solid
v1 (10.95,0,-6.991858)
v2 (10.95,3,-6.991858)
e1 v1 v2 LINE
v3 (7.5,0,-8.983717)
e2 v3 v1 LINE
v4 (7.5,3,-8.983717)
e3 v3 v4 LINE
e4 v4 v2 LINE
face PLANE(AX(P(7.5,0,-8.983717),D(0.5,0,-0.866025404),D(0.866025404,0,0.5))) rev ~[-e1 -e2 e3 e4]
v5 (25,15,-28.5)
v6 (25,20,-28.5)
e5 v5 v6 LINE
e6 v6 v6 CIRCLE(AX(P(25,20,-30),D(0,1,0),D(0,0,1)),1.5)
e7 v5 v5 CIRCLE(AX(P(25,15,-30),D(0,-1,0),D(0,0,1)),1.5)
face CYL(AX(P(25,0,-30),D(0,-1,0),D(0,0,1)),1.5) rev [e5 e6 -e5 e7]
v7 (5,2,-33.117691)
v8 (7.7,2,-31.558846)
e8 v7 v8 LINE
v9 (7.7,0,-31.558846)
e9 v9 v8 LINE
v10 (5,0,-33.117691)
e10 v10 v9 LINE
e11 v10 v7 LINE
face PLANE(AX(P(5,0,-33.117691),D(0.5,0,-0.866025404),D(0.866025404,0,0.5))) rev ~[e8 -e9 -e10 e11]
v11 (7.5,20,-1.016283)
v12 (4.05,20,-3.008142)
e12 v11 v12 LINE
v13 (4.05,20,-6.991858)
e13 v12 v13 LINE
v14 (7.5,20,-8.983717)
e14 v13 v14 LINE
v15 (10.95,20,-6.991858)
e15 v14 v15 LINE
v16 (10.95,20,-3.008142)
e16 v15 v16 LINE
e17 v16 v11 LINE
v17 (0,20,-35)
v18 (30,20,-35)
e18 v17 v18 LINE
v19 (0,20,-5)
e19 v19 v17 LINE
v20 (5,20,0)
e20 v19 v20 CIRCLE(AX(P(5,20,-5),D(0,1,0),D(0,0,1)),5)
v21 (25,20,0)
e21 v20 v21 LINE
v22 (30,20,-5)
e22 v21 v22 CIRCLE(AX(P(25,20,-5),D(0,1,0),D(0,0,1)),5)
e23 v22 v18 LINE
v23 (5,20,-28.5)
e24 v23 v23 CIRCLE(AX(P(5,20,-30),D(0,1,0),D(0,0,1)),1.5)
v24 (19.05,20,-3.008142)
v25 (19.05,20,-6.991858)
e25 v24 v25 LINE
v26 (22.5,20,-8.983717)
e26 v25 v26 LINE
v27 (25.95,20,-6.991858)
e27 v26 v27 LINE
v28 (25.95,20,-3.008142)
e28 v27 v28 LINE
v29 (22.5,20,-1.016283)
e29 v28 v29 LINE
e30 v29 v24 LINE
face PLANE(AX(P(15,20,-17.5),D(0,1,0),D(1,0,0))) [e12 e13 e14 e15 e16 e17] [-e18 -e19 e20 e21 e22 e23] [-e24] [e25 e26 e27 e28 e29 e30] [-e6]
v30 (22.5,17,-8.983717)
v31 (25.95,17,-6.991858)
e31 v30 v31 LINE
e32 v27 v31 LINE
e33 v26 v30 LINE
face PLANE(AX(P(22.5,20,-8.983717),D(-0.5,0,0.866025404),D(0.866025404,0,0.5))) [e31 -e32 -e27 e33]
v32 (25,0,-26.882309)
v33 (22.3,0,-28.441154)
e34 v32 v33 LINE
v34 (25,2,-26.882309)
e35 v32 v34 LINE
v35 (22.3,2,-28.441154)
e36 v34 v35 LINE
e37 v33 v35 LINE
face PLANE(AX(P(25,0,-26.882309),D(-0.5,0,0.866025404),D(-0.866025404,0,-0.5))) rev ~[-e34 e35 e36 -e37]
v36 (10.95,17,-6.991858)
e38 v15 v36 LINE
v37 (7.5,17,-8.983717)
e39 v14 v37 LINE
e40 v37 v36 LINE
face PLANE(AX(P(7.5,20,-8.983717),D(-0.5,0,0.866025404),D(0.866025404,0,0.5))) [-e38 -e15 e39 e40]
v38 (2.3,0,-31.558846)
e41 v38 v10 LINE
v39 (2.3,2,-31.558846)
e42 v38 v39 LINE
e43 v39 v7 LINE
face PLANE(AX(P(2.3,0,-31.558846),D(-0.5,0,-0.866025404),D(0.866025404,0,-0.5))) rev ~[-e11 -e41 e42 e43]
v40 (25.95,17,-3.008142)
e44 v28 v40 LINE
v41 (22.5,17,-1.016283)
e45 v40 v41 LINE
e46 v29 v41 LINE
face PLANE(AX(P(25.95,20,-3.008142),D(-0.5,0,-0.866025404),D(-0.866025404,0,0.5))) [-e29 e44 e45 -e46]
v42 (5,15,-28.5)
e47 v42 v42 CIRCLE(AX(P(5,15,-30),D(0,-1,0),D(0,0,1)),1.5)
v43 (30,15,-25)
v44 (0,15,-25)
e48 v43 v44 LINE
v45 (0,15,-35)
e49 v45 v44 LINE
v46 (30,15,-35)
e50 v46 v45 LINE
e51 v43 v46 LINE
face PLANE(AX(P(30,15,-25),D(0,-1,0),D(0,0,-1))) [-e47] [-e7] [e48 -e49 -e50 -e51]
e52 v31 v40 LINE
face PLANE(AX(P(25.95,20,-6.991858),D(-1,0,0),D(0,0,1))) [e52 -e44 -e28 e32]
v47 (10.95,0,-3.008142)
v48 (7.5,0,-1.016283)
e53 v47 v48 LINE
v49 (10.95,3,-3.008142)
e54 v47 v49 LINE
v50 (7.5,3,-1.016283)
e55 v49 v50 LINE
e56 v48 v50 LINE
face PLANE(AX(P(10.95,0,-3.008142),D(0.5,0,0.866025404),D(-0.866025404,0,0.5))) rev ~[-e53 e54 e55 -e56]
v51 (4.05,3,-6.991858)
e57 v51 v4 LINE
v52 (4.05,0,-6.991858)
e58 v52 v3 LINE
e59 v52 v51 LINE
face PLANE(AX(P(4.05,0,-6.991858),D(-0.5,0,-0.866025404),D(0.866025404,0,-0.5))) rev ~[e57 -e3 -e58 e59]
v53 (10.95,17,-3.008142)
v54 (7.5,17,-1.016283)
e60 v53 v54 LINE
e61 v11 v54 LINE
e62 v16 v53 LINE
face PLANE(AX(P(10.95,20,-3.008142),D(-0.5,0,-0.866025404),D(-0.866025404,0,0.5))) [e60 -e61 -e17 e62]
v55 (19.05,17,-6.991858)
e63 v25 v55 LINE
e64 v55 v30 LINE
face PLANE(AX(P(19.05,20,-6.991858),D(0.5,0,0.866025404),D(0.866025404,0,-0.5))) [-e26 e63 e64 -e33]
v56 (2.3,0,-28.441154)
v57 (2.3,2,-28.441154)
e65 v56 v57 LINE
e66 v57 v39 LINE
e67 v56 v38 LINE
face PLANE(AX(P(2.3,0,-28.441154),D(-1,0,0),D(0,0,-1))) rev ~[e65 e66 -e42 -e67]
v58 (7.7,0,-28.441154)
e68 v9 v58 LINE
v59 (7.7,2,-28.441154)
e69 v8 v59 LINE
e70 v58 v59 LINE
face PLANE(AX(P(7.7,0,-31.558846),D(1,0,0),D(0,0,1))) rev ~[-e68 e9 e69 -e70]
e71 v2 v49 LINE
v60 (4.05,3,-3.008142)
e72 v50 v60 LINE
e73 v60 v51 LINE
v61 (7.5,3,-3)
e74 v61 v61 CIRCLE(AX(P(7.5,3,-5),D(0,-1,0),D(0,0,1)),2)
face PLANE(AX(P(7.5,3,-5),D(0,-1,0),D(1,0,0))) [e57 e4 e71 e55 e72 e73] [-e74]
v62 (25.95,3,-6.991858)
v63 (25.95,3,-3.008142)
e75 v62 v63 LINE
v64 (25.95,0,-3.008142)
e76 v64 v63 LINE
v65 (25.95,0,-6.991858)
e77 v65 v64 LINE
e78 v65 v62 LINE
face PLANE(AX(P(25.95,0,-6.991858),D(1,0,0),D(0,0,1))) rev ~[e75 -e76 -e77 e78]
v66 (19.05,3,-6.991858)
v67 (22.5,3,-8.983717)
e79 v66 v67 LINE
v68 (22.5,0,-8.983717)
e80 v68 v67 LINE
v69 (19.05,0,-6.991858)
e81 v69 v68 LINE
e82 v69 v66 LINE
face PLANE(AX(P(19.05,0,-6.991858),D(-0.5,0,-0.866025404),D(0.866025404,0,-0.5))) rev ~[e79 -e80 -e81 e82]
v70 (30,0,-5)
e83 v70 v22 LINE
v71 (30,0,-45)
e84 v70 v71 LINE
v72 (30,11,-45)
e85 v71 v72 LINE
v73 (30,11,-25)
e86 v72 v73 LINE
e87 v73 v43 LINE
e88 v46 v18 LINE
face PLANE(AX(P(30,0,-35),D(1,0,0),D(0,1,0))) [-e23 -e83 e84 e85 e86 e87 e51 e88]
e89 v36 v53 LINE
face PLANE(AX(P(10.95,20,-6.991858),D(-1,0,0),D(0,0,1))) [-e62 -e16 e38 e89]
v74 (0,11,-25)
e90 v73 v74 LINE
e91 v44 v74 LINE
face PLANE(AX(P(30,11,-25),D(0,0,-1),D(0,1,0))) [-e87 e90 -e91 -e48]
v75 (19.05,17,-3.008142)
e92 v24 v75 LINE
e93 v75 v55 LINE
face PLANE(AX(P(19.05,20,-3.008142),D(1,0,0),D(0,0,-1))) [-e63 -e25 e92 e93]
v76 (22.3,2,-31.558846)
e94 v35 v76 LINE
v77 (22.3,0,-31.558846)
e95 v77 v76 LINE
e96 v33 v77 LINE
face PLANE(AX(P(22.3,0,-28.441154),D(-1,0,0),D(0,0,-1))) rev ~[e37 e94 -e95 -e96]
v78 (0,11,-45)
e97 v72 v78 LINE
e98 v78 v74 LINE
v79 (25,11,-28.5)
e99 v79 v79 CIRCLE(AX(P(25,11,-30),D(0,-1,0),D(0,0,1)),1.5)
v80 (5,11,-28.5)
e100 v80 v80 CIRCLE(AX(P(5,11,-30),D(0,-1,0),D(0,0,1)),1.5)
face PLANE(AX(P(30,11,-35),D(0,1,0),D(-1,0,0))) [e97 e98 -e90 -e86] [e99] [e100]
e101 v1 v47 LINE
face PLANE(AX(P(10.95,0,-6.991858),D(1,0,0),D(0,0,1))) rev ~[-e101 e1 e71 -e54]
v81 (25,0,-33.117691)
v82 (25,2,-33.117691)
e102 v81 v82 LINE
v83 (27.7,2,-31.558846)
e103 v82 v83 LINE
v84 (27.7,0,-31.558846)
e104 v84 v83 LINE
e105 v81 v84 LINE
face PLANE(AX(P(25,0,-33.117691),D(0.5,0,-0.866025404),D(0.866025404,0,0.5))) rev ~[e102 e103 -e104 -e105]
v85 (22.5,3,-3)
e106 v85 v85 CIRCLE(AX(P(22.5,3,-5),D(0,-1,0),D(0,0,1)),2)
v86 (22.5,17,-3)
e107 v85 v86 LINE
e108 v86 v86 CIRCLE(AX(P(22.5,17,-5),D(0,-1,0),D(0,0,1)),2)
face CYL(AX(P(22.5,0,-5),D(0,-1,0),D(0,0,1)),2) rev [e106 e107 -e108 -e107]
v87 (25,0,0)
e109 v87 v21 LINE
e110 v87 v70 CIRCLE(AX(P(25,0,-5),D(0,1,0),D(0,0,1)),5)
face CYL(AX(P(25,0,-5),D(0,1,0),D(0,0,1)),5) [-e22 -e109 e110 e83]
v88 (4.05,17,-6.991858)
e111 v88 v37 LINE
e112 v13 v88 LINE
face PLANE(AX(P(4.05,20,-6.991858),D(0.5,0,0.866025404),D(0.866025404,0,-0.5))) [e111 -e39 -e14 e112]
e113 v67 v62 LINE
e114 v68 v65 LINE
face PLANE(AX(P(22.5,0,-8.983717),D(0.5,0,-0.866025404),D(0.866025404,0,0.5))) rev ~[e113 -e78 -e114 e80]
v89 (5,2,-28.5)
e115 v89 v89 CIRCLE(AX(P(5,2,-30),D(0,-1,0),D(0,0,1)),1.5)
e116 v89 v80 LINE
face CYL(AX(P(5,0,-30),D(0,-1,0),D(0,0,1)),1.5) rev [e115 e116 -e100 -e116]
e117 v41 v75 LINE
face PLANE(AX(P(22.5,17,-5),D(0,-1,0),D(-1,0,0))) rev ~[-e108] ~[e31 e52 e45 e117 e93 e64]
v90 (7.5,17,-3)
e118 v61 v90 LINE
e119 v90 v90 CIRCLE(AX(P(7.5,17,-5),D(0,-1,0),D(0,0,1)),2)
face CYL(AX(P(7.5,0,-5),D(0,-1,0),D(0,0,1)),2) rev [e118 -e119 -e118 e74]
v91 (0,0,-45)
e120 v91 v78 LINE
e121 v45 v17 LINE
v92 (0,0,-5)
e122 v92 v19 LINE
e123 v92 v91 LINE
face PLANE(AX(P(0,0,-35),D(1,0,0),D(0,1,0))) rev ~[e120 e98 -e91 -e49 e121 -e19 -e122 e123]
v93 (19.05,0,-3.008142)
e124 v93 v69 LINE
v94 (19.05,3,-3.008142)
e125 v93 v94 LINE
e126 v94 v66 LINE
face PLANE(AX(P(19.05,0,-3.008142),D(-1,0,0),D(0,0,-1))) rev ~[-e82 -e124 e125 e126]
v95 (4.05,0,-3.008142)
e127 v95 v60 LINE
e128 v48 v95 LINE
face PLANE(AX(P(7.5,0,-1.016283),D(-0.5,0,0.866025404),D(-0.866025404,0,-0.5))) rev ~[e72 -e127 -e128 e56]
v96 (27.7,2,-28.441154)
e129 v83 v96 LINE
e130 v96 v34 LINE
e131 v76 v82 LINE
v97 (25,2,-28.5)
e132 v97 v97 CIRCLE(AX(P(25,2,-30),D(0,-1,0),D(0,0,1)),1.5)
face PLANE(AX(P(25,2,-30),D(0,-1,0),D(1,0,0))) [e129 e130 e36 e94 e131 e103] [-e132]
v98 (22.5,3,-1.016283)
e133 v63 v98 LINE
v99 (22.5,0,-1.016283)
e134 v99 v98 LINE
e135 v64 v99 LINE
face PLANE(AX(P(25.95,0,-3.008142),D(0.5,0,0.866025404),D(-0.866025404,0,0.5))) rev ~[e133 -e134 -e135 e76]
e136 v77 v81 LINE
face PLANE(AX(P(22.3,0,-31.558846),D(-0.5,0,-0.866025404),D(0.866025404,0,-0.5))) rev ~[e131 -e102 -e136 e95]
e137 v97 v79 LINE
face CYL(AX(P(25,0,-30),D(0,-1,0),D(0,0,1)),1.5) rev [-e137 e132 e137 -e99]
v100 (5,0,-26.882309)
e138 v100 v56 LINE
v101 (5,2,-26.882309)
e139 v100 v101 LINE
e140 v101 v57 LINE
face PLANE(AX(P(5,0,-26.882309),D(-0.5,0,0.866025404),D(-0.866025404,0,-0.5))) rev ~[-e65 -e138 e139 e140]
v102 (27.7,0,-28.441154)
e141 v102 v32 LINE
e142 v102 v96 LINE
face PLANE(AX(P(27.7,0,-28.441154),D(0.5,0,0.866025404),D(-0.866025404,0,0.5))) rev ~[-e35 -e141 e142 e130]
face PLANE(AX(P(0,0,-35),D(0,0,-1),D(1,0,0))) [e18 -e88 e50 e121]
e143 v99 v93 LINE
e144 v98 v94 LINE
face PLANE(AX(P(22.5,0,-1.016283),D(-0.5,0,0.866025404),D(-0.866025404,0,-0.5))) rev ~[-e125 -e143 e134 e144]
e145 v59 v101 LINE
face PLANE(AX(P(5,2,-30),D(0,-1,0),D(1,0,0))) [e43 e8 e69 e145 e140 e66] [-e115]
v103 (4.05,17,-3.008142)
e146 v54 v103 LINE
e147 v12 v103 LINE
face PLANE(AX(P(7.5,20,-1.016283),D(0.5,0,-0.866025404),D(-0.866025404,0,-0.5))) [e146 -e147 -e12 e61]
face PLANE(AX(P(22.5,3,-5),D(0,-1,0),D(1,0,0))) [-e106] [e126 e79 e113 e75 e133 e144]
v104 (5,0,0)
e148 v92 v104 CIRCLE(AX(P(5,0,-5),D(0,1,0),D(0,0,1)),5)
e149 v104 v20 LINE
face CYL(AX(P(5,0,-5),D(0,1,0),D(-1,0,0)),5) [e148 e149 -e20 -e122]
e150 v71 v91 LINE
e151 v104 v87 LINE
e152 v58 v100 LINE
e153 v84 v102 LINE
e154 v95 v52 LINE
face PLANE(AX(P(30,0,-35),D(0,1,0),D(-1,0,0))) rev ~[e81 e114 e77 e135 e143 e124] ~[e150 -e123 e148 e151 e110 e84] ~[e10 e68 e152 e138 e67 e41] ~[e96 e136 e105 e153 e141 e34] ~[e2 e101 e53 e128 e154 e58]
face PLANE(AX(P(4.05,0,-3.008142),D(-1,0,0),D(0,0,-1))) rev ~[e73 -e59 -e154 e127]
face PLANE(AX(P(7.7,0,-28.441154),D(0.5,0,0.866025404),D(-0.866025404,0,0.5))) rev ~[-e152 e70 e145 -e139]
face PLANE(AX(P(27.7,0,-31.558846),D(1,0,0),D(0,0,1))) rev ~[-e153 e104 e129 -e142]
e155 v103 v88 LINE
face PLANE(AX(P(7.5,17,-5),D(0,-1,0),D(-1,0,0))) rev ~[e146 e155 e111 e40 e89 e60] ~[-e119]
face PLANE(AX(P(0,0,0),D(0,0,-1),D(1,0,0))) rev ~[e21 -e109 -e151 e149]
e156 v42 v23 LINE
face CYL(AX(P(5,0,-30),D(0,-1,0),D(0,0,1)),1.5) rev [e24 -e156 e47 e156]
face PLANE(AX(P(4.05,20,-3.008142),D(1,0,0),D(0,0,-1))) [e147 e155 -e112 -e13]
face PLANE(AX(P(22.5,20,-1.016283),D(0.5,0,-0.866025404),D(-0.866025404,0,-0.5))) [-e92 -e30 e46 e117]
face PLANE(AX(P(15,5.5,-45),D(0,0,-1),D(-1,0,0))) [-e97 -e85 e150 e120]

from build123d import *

# Parameters (mm, degrees)
CROQUIS1_W              = 30
CROQUIS1_H              = 35
CROQUIS1_R              = 1.5
CROQUIS1_R_2            = 2
SALIENTE_EXTRUIR1_DEPTH = 20
CROQUIS2_W              = 10
CROQUIS2_H              = 4
CORTAR_EXTRUIR1_DEPTH   = 41
CORTAR_EXTRUIR2_DEPTH   = 2
CORTAR_EXTRUIR3_DEPTH   = 3
CORTAR_EXTRUIR4_DEPTH   = 3
REDONDEO1_R             = 5
CROQUIS6_W              = 30
CROQUIS6_H              = 11
SALIENTE_EXTRUIR2_DEPTH = 10


with BuildPart() as part:
    # Croquis1 → Saliente-Extruir1 (new body)
    with BuildSketch(Plane(origin=(0, 0, 0), x_dir=(1, 0, 0), z_dir=(0, 1, 0))):
        with Locations((15, 17.5)):
            Rectangle(CROQUIS1_W, CROQUIS1_H)
        with Locations(Location((25, 30, 0), (0, 0, 270))):
            Circle(CROQUIS1_R, mode=Mode.SUBTRACT)
        with Locations(Location((5, 30, 0), (0, 0, 270))):
            Circle(CROQUIS1_R, mode=Mode.SUBTRACT)
        with Locations(Location((7.5, 5, 0), (0, 0, 270))):
            Circle(CROQUIS1_R_2, mode=Mode.SUBTRACT)
        with Locations(Location((22.5, 5, 0), (0, 0, 270))):
            Circle(CROQUIS1_R_2, mode=Mode.SUBTRACT)
    extrude(amount=SALIENTE_EXTRUIR1_DEPTH)

    # Croquis2 → Cortar-Extruir1 (cut)
    with BuildSketch(Plane(origin=(30, 0, 0), x_dir=(0, 0, -1), z_dir=(1, 0, 0))):
        with Locations((30, 13)):
            Rectangle(CROQUIS2_W, CROQUIS2_H)
    extrude(amount=-CORTAR_EXTRUIR1_DEPTH, mode=Mode.SUBTRACT)

    # Croquis3 → Cortar-Extruir2 (cut)
    with BuildSketch(Plane.XZ):
        Polygon((5, -33.117691454), (7.7, -31.558845727), (7.7, -28.441154273), (5, -26.882308546), (2.3, -28.441154273), (2.3, -31.558845727), align=None)
        Polygon((25, -33.117691454), (27.7, -31.558845727), (27.7, -28.441154273), (25, -26.882308546), (22.3, -28.441154273), (22.3, -31.558845727), align=None)
    extrude(amount=-CORTAR_EXTRUIR2_DEPTH, mode=Mode.SUBTRACT)

    # Croquis4 → Cortar-Extruir3 (cut)
    with BuildSketch(Plane.XZ):
        Polygon((7.5, -8.983716857), (10.95, -6.991858429), (10.95, -3.008141571), (7.5, -1.016283143), (4.05, -3.008141571), (4.05, -6.991858429), align=None)
        Polygon((22.5, -8.983716857), (25.95, -6.991858429), (25.95, -3.008141571), (22.5, -1.016283143), (19.05, -3.008141571), (19.05, -6.991858429), align=None)
    extrude(amount=-CORTAR_EXTRUIR3_DEPTH, mode=Mode.SUBTRACT)

    # Croquis5 → Cortar-Extruir4 (cut)
    with BuildSketch(Plane(origin=(0, 20, 0), x_dir=(1, 0, 0), z_dir=(0, 1, 0))):
        Polygon((22.5, 1.016283143), (19.05, 3.008141571), (19.05, 6.991858429), (22.5, 8.983716857), (25.95, 6.991858429), (25.95, 3.008141571), align=None)
        Polygon((4.05, 6.991858429), (7.5, 8.983716857), (10.95, 6.991858429), (10.95, 3.008141571), (7.5, 1.016283143), (4.05, 3.008141571), align=None)
    extrude(amount=-CORTAR_EXTRUIR4_DEPTH, mode=Mode.SUBTRACT)

    # Redondeo1
    redondeo1_edges = [part.edges().sort_by_distance(p)[0] for p in [
        (30, 10, 0),
        (0, 10, 0),
    ]]
    fillet(redondeo1_edges, radius=REDONDEO1_R)

    # Croquis6 → Saliente-Extruir2 (add)
    with BuildSketch(Plane(origin=(0, 0, -35), x_dir=(-1, 0, 0), z_dir=(0, 0, -1))):
        with Locations((-15, 5.5)):
            Rectangle(CROQUIS6_W, CROQUIS6_H)
    extrude(amount=SALIENTE_EXTRUIR2_DEPTH)


solid = part.part
